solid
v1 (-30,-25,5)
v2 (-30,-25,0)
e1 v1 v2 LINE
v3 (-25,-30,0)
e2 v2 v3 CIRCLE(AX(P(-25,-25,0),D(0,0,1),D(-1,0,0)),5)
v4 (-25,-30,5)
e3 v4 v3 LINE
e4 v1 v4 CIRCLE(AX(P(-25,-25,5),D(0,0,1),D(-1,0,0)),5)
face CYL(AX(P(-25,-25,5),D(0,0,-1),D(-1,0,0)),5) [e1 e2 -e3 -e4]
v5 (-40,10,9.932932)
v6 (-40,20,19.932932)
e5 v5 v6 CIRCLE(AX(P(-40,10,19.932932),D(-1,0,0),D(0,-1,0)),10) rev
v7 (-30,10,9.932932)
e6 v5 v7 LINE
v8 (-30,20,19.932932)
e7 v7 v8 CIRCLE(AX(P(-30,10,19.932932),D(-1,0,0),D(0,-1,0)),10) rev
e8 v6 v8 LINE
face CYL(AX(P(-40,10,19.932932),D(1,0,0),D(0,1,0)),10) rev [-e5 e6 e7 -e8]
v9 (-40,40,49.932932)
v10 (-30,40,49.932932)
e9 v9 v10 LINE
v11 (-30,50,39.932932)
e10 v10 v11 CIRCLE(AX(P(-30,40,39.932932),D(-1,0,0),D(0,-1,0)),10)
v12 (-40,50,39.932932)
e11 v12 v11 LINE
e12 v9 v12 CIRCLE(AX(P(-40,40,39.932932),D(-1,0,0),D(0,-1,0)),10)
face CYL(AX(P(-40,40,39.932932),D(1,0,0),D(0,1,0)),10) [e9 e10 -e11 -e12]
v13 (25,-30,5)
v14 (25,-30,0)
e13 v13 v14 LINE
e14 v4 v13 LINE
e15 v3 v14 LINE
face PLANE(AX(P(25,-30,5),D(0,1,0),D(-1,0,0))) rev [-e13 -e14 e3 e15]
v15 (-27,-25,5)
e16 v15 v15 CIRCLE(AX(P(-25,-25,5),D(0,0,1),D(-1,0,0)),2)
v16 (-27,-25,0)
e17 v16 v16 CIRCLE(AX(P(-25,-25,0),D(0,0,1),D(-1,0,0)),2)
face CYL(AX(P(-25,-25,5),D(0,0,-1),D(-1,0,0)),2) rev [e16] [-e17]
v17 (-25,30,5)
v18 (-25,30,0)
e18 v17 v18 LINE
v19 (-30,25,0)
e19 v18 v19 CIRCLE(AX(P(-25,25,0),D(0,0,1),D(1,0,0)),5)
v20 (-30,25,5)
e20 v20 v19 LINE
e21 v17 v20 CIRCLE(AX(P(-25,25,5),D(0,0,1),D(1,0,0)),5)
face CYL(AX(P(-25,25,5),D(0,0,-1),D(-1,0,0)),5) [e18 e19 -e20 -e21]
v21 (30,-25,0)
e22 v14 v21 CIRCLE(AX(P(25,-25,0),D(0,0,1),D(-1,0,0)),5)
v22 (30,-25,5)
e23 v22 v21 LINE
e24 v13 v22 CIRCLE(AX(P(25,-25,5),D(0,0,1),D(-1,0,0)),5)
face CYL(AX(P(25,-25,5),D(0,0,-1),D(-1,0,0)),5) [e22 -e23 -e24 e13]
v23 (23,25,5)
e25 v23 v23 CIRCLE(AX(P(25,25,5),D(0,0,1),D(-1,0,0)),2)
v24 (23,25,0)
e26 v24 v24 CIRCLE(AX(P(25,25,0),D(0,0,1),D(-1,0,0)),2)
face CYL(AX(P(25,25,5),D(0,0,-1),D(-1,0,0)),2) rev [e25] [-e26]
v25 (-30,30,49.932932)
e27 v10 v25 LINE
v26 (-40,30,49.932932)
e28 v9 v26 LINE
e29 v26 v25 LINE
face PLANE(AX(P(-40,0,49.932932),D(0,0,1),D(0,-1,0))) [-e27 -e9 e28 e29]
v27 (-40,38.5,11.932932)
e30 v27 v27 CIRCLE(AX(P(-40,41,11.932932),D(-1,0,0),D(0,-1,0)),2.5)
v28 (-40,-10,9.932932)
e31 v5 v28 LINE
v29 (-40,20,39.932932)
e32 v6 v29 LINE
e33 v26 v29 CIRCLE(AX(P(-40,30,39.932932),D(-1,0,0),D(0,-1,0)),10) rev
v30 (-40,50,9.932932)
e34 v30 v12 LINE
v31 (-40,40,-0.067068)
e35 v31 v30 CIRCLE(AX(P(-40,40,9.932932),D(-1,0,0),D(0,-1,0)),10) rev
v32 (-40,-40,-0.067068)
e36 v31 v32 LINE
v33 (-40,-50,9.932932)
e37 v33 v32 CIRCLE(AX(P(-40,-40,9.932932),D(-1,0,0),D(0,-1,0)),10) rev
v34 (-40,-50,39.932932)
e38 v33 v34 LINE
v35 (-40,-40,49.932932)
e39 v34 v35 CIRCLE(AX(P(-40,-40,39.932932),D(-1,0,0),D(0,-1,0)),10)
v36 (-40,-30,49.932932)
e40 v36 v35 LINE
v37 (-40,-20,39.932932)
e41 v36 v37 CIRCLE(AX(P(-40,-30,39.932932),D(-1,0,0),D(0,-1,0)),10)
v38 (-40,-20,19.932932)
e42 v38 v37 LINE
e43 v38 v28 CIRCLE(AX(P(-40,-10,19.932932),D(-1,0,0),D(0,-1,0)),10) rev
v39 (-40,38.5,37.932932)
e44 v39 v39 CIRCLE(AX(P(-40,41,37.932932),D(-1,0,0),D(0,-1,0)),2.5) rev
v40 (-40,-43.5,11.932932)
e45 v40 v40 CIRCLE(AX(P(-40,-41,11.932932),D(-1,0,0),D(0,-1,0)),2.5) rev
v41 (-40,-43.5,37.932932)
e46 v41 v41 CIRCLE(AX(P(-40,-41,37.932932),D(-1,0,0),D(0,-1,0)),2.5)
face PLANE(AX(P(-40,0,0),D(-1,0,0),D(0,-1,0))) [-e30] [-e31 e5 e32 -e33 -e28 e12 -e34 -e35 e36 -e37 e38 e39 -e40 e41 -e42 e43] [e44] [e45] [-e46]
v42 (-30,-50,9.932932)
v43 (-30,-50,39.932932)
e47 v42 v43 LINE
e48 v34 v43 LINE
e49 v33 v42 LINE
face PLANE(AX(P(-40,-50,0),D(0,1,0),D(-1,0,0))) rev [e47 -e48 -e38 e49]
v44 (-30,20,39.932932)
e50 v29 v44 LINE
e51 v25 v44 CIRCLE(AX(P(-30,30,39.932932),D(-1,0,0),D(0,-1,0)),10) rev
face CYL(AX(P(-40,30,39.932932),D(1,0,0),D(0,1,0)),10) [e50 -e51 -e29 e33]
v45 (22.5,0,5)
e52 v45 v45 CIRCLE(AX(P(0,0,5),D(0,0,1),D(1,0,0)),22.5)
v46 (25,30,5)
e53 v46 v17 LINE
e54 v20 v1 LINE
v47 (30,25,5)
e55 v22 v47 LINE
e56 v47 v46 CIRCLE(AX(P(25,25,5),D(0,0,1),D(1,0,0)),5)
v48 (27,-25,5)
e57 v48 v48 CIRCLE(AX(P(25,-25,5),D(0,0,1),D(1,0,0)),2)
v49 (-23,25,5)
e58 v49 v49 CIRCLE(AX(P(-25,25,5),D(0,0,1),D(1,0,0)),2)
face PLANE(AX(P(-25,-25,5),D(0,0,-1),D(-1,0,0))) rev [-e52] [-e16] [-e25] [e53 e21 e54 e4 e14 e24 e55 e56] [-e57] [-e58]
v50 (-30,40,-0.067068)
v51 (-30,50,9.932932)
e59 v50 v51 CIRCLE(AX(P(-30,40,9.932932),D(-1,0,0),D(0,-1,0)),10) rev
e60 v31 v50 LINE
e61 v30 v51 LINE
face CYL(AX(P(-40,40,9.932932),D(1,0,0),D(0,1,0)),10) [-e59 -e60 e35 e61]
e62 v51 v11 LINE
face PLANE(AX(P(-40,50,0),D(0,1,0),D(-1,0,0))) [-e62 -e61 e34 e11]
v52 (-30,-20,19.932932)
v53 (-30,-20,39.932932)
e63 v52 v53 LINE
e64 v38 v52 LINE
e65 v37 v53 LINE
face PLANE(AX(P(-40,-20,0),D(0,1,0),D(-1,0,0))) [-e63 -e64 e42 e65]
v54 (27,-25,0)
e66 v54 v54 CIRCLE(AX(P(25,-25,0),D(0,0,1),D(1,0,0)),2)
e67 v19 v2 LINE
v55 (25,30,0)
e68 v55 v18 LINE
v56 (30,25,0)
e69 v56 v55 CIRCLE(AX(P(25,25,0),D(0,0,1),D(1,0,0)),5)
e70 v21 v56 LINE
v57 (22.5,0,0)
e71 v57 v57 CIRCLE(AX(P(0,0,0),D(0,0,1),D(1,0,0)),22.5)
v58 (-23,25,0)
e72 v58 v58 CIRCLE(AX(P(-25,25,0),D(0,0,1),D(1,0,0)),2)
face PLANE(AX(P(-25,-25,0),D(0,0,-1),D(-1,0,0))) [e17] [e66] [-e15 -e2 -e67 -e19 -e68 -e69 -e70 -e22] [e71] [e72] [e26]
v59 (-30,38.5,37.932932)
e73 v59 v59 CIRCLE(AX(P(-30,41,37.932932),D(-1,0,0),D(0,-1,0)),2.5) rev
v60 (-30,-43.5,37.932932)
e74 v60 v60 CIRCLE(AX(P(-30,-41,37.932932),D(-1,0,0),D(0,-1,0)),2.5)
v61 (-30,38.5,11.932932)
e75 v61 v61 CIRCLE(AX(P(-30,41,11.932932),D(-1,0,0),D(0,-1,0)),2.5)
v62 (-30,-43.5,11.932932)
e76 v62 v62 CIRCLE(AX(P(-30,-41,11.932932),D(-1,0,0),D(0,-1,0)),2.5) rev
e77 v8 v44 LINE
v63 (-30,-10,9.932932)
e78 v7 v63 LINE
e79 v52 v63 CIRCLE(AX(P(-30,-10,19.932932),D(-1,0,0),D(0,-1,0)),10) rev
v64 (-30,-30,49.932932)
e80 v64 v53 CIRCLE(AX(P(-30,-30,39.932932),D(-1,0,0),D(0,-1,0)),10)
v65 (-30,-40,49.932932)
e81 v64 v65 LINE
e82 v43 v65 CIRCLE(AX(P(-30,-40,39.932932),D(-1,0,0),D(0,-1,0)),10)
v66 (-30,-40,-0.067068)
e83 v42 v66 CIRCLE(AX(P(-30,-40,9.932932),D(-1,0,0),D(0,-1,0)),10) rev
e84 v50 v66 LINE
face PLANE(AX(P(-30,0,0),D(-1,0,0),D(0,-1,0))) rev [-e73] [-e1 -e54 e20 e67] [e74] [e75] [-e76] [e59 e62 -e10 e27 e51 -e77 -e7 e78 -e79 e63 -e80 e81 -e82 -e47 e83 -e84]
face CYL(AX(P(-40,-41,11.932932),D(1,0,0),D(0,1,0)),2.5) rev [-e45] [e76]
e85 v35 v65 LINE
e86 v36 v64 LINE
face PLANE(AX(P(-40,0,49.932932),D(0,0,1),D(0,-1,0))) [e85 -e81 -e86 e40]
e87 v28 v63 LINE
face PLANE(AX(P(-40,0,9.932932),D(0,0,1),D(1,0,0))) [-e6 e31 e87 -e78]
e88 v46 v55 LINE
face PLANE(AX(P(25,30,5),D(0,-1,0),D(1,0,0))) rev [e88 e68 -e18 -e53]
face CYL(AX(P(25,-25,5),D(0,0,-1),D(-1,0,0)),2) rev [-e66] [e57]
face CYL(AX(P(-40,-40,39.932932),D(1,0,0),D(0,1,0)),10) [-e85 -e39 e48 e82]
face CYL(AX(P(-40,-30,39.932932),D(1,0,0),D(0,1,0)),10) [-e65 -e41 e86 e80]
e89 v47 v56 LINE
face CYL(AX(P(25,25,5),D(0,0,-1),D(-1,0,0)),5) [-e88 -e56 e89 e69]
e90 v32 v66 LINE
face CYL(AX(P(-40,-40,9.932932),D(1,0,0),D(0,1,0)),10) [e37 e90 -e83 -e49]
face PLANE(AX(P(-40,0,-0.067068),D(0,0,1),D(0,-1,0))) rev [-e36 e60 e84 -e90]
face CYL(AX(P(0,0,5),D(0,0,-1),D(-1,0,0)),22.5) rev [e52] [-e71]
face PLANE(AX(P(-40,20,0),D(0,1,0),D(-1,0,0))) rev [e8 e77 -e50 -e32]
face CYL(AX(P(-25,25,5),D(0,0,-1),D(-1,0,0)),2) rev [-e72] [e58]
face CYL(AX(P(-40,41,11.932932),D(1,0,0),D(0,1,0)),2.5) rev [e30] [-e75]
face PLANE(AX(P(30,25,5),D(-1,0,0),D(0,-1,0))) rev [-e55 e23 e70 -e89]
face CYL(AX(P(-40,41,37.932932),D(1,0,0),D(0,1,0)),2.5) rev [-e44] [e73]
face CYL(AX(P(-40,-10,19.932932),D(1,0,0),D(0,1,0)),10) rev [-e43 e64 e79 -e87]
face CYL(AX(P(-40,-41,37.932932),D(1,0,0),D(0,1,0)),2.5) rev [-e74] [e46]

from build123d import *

# Parameters (mm, degrees)
SKETCH2_R           = 2
SKETCH2_R_2         = 22.5
BOSS_EXTRUDE2_DEPTH = 5
SKETCH3_R           = 2.5
BOSS_EXTRUDE3_DEPTH = 10


with BuildPart() as part:
    # Sketch2 → Boss-Extrude2 (new body)
    with BuildSketch(Plane.XY):
        with BuildLine():
            Line((25, 30), (-25, 30))
            ThreePointArc((-25, 30), (-28.535533906, 28.535533906), (-30, 25))
            Line((-30, 25), (-30, -25))
            ThreePointArc((-30, -25), (-28.535533906, -28.535533906), (-25, -30))
            Line((-25, -30), (25, -30))
            ThreePointArc((25, -30), (28.535533906, -28.535533906), (30, -25))
            Line((30, -25), (30, 25))
            ThreePointArc((30, 25), (28.535533906, 28.535533906), (25, 30))
        make_face()
        with Locations((-25, 25)):
            Circle(SKETCH2_R, mode=Mode.SUBTRACT)
        with Locations((25, 25)):
            Circle(SKETCH2_R, mode=Mode.SUBTRACT)
        with Locations((25, -25)):
            Circle(SKETCH2_R, mode=Mode.SUBTRACT)
        with Locations((-25, -25)):
            Circle(SKETCH2_R, mode=Mode.SUBTRACT)
        Circle(SKETCH2_R_2, mode=Mode.SUBTRACT)
    extrude(amount=BOSS_EXTRUDE2_DEPTH)

    # Sketch3 → Boss-Extrude3 (add)
    with BuildSketch(Plane.ZY.offset(30)):
        with BuildLine():
            Line((39.932932244, 50), (9.932932244, 50))
            ThreePointArc((9.932932244, 50), (2.861864432, 47.071067812), (-0.067067756, 40))
            Line((-0.067067756, 40), (-0.067067756, -40))
            ThreePointArc((-0.067067756, -40), (2.861864432, -47.071067812), (9.932932244, -50))
            Line((9.932932244, -50), (39.932932244, -50))
            ThreePointArc((39.932932244, -50), (47.004000055, -47.071067812), (49.932932244, -40))
            Line((49.932932244, -40), (49.932932244, -30))
            ThreePointArc((49.932932244, -30), (47.004000055, -22.928932188), (39.932932244, -20))
            Line((39.932932244, -20), (19.932932244, -20))
            ThreePointArc((19.932932244, -20), (12.861864432, -17.071067812), (9.932932244, -10))
            Line((9.932932244, -10), (9.932932244, 10))
            ThreePointArc((9.932932244, 10), (12.861864432, 17.071067812), (19.932932244, 20))
            Line((19.932932244, 20), (39.932932244, 20))
            ThreePointArc((39.932932244, 20), (47.004000055, 22.928932188), (49.932932244, 30))
            Line((49.932932244, 30), (49.932932244, 40))
            ThreePointArc((49.932932244, 40), (47.004000055, 47.071067812), (39.932932244, 50))
        make_face()
        with Locations((11.932932244, -41)):
            Circle(SKETCH3_R, mode=Mode.SUBTRACT)
        with Locations((37.932932244, -41)):
            Circle(SKETCH3_R, mode=Mode.SUBTRACT)
        with Locations((11.932932244, 41)):
            Circle(SKETCH3_R, mode=Mode.SUBTRACT)
        with Locations((37.932932244, 41)):
            Circle(SKETCH3_R, mode=Mode.SUBTRACT)
    extrude(amount=BOSS_EXTRUDE3_DEPTH)


solid = part.part
